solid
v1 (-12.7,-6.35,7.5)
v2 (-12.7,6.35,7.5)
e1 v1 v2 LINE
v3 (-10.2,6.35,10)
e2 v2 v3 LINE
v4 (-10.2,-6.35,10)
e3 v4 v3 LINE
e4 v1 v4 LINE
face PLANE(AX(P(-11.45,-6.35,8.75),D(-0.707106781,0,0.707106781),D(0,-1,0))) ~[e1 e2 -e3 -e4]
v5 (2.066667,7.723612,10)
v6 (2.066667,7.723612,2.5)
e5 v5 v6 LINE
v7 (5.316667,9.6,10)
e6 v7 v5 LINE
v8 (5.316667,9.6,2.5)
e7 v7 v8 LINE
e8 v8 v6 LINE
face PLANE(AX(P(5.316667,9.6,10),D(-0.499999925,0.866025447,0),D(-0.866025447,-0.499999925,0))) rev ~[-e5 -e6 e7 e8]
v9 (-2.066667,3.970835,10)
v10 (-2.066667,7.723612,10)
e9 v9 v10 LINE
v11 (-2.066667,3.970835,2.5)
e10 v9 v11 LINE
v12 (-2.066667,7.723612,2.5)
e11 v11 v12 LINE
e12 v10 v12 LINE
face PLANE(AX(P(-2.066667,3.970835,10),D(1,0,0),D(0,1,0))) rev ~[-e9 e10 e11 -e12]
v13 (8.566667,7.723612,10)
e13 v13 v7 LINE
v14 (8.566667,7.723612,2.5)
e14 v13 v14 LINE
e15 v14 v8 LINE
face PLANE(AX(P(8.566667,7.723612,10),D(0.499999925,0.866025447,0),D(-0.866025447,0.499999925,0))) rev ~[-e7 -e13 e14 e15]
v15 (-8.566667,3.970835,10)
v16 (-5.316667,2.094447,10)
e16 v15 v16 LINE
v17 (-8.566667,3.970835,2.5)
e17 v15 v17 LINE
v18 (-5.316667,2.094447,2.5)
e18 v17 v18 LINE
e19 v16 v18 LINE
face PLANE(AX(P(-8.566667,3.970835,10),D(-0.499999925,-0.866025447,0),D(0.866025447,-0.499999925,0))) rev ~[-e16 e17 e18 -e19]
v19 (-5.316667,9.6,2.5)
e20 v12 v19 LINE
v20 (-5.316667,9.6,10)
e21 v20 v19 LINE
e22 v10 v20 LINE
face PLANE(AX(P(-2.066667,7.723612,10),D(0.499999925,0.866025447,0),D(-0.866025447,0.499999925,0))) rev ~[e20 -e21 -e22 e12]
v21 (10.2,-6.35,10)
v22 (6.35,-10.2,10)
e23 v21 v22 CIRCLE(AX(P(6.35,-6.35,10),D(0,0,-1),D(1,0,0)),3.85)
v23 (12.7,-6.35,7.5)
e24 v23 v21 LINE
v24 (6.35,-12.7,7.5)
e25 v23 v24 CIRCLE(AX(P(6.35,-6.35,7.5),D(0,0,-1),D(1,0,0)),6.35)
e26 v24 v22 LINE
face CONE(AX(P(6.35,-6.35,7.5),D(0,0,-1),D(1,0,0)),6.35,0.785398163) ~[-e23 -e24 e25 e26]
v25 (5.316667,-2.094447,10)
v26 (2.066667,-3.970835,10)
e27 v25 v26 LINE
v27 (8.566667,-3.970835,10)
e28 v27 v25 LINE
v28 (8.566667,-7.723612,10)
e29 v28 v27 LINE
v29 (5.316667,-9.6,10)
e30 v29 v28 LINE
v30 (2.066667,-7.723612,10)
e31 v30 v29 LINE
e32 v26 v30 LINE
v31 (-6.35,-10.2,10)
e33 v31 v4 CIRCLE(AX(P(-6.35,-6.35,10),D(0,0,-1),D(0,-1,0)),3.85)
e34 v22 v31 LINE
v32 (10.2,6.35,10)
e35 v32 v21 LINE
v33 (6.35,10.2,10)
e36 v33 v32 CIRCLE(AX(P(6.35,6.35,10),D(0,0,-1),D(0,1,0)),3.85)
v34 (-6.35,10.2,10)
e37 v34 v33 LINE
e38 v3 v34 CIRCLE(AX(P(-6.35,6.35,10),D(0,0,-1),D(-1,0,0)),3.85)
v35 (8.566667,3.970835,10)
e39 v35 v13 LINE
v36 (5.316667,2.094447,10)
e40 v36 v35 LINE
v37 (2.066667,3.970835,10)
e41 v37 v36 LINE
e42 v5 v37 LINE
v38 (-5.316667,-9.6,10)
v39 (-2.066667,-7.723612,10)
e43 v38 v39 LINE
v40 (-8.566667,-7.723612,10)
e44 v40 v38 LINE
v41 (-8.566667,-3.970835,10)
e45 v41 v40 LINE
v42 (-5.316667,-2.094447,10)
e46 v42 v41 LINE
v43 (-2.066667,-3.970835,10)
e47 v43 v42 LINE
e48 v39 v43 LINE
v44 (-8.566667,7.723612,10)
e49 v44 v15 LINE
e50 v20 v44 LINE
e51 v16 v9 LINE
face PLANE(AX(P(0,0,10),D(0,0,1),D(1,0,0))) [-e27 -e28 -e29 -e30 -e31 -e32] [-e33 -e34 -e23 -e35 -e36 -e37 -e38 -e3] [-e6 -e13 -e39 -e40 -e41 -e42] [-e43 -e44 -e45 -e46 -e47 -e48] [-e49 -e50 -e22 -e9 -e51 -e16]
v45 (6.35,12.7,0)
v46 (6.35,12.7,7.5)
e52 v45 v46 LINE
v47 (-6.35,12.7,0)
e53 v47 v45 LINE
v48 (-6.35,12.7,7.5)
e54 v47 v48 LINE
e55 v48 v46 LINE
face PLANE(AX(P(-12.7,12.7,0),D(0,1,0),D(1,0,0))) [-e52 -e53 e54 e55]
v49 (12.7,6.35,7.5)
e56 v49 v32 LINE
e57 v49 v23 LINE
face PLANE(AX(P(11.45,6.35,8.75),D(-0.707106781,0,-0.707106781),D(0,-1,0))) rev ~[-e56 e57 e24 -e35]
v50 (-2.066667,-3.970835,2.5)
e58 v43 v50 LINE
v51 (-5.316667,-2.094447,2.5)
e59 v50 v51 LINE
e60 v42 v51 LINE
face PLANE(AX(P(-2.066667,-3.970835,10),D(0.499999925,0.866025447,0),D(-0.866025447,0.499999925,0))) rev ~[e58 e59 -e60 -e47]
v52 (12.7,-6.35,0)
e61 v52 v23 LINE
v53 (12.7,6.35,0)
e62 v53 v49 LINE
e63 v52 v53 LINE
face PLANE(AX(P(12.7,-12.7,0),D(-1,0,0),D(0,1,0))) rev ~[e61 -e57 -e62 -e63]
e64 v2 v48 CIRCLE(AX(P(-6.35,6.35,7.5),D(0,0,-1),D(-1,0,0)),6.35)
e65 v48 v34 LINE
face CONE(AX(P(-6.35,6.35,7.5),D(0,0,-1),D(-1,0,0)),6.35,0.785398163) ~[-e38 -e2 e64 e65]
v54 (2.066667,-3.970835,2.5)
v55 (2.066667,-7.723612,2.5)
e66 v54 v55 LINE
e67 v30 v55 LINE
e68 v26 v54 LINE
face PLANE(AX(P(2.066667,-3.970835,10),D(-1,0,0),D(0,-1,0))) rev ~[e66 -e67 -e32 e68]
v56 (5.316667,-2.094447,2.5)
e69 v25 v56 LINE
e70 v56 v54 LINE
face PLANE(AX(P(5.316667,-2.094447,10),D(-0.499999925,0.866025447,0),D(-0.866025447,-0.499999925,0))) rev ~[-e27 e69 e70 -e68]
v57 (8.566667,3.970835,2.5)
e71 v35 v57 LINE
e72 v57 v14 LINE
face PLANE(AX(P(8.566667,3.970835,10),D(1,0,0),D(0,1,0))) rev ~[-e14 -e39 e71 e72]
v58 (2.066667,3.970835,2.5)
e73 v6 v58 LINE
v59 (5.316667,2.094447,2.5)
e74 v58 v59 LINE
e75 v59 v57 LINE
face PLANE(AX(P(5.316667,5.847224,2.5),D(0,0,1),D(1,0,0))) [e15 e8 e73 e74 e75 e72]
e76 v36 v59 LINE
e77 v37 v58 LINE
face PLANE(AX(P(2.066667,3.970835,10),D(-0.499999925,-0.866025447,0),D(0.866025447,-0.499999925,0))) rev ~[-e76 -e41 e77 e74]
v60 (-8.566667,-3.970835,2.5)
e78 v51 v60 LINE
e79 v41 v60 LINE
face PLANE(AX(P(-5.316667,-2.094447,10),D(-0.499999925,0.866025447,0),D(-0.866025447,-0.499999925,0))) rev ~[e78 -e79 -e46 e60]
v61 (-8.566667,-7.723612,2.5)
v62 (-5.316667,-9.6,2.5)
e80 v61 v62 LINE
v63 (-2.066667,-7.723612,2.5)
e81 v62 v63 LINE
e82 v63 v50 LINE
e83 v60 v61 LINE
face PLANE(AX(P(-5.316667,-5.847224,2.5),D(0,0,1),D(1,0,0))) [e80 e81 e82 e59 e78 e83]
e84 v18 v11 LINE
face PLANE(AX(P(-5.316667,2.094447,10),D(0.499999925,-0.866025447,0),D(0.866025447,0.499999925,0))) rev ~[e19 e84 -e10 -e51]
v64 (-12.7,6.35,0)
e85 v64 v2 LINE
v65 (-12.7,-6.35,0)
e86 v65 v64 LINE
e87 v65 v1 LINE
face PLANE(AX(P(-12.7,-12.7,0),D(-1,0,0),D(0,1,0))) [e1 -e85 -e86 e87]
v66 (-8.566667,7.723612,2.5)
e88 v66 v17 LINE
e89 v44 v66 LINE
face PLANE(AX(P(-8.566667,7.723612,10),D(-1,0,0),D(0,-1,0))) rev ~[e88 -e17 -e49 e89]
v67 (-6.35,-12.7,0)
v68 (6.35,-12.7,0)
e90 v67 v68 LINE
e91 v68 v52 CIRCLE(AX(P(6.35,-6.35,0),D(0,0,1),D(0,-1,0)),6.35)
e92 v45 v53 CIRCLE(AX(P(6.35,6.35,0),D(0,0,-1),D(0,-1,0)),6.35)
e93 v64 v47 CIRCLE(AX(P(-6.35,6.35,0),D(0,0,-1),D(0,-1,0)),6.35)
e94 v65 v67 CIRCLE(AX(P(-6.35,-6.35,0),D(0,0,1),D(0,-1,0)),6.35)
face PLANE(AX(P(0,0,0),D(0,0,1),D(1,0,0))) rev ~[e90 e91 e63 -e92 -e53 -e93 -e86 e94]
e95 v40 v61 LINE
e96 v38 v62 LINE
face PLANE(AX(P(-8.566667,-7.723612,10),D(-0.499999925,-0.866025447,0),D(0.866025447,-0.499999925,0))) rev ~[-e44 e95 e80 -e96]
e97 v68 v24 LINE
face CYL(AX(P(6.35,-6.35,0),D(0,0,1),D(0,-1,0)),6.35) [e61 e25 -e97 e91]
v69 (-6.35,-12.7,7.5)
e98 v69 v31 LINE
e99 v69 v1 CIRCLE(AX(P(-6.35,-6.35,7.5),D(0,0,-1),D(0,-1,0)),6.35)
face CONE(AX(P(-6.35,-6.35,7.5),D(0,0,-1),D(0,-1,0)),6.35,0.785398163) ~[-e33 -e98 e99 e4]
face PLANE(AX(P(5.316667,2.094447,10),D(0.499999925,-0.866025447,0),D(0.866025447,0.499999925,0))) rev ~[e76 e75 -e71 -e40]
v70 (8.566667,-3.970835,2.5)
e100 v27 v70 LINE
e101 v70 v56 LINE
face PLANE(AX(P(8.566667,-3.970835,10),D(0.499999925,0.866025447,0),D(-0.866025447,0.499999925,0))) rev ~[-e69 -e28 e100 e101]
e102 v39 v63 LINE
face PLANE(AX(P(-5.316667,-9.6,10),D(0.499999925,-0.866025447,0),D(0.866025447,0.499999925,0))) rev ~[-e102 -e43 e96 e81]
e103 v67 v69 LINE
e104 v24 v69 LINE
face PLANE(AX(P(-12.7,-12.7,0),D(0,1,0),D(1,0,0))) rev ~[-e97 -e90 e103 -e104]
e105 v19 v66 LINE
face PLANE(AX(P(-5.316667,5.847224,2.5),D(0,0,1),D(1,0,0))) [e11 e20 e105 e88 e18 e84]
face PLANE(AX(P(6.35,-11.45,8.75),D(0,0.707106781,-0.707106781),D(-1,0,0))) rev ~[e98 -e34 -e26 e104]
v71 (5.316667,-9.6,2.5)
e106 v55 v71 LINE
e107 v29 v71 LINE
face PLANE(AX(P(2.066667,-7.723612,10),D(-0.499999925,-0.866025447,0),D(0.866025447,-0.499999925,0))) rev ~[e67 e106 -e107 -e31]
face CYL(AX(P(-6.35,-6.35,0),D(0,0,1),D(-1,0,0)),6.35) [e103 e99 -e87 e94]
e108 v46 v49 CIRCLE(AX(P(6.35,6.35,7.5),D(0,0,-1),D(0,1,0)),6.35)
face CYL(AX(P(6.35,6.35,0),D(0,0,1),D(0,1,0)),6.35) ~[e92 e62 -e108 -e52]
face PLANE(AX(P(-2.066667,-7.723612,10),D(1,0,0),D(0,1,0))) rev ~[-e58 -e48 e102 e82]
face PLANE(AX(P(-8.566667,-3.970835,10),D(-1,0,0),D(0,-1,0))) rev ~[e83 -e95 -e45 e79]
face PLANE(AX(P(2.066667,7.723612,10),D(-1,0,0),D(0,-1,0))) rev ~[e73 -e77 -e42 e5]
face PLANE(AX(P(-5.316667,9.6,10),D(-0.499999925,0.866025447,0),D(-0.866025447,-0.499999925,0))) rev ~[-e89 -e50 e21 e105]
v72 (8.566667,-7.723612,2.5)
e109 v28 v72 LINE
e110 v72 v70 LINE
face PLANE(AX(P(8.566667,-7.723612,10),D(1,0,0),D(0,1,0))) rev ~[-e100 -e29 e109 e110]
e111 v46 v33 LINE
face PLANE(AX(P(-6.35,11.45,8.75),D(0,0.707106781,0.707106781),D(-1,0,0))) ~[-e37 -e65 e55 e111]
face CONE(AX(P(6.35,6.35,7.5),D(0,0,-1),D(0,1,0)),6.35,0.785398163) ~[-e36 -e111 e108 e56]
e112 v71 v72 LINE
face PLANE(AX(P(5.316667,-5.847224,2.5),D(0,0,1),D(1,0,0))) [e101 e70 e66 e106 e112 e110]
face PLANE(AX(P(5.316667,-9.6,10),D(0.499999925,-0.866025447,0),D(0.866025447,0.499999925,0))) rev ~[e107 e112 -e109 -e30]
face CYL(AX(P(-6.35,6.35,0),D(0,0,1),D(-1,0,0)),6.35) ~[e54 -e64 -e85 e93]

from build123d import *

# Parameters (mm, degrees)
F0_W     = 25.4
F0_H     = 25.4
F1_DEPTH = 10
F3_DEPTH = 7.5
F4_R     = 6.35
F5_SIZE  = 2.5


with BuildPart() as f1:
    # F0 (on Top) → F1 (new body)
    with BuildSketch(Plane.XY):
        Rectangle(F0_W, F0_H)
        Polygon((-2.066667, -3.970835), (-2.066667, -7.723612), (-5.316667, -9.6), (-8.566667, -7.723612), (-8.566667, -3.970835), (-5.316667, -2.094447), align=None, mode=Mode.SUBTRACT)
        Polygon((5.316667, -2.094447), (8.566667, -3.970835), (8.566667, -7.723612), (5.316667, -9.6), (2.066667, -7.723612), (2.066667, -3.970835), align=None, mode=Mode.SUBTRACT)
        Polygon((-5.316667, 9.6), (-2.066667, 7.723612), (-2.066667, 3.970835), (-5.316667, 2.094447), (-8.566667, 3.970835), (-8.566667, 7.723612), align=None, mode=Mode.SUBTRACT)
        Polygon((2.066667, 3.970835), (2.066667, 7.723612), (5.316667, 9.6), (8.566667, 7.723612), (8.566667, 3.970835), (5.316667, 2.094447), align=None, mode=Mode.SUBTRACT)
        Polygon((-5.316667, -9.6), (-2.066667, -7.723612), (-2.066667, -3.970835), (-5.316667, -2.094447), (-8.566667, -3.970835), (-8.566667, -7.723612), align=None)
        Polygon((5.316667, 9.6), (2.066667, 7.723612), (2.066667, 3.970835), (5.316667, 2.094447), (8.566667, 3.970835), (8.566667, 7.723612), align=None)
        Polygon((8.566667, -7.723612), (8.566667, -3.970835), (5.316667, -2.094447), (2.066667, -3.970835), (2.066667, -7.723612), (5.316667, -9.6), align=None)
        Polygon((-2.066667, 3.970835), (-2.066667, 7.723612), (-5.316667, 9.6), (-8.566667, 7.723612), (-8.566667, 3.970835), (-5.316667, 2.094447), align=None)
    extrude(amount=F1_DEPTH)

    # F2 (on face) → F3 (cut)
    with BuildSketch(Plane.XY.offset(10)):
        Polygon((-5.316667, 9.6), (-8.566667, 7.723612), (-8.566667, 3.970835), (-5.316667, 2.094447), (-2.066667, 3.970835), (-2.066667, 7.723612), align=None)
        Polygon((2.066667, 3.970835), (5.316667, 2.094447), (8.566667, 3.970835), (8.566667, 7.723612), (5.316667, 9.6), (2.066667, 7.723612), align=None)
        Polygon((5.316667, -2.094447), (2.066667, -3.970835), (2.066667, -7.723612), (5.316667, -9.6), (8.566667, -7.723612), (8.566667, -3.970835), align=None)
        Polygon((-5.316667, -2.094447), (-8.566667, -3.970835), (-8.566667, -7.723612), (-5.316667, -9.6), (-2.066667, -7.723612), (-2.066667, -3.970835), align=None)
    extrude(amount=-F3_DEPTH, mode=Mode.SUBTRACT)

    # F4
    f4_edges = [f1.edges().sort_by_distance(p)[0] for p in [
        (-12.7, -12.7, 5),
        (12.7, -12.7, 5),
        (12.7, 12.7, 5),
        (-12.7, 12.7, 5),
    ]]
    fillet(f4_edges, radius=F4_R)

    # F5
    f5_edges = [f1.edges().sort_by_distance(p)[0] for p in [
        (-12.7, 0, 10),
        (0, -12.7, 10),
        (12.7, 0, 10),
        (0, 12.7, 10),
    ]]
    chamfer(f5_edges, length=F5_SIZE)


solid = f1.part
